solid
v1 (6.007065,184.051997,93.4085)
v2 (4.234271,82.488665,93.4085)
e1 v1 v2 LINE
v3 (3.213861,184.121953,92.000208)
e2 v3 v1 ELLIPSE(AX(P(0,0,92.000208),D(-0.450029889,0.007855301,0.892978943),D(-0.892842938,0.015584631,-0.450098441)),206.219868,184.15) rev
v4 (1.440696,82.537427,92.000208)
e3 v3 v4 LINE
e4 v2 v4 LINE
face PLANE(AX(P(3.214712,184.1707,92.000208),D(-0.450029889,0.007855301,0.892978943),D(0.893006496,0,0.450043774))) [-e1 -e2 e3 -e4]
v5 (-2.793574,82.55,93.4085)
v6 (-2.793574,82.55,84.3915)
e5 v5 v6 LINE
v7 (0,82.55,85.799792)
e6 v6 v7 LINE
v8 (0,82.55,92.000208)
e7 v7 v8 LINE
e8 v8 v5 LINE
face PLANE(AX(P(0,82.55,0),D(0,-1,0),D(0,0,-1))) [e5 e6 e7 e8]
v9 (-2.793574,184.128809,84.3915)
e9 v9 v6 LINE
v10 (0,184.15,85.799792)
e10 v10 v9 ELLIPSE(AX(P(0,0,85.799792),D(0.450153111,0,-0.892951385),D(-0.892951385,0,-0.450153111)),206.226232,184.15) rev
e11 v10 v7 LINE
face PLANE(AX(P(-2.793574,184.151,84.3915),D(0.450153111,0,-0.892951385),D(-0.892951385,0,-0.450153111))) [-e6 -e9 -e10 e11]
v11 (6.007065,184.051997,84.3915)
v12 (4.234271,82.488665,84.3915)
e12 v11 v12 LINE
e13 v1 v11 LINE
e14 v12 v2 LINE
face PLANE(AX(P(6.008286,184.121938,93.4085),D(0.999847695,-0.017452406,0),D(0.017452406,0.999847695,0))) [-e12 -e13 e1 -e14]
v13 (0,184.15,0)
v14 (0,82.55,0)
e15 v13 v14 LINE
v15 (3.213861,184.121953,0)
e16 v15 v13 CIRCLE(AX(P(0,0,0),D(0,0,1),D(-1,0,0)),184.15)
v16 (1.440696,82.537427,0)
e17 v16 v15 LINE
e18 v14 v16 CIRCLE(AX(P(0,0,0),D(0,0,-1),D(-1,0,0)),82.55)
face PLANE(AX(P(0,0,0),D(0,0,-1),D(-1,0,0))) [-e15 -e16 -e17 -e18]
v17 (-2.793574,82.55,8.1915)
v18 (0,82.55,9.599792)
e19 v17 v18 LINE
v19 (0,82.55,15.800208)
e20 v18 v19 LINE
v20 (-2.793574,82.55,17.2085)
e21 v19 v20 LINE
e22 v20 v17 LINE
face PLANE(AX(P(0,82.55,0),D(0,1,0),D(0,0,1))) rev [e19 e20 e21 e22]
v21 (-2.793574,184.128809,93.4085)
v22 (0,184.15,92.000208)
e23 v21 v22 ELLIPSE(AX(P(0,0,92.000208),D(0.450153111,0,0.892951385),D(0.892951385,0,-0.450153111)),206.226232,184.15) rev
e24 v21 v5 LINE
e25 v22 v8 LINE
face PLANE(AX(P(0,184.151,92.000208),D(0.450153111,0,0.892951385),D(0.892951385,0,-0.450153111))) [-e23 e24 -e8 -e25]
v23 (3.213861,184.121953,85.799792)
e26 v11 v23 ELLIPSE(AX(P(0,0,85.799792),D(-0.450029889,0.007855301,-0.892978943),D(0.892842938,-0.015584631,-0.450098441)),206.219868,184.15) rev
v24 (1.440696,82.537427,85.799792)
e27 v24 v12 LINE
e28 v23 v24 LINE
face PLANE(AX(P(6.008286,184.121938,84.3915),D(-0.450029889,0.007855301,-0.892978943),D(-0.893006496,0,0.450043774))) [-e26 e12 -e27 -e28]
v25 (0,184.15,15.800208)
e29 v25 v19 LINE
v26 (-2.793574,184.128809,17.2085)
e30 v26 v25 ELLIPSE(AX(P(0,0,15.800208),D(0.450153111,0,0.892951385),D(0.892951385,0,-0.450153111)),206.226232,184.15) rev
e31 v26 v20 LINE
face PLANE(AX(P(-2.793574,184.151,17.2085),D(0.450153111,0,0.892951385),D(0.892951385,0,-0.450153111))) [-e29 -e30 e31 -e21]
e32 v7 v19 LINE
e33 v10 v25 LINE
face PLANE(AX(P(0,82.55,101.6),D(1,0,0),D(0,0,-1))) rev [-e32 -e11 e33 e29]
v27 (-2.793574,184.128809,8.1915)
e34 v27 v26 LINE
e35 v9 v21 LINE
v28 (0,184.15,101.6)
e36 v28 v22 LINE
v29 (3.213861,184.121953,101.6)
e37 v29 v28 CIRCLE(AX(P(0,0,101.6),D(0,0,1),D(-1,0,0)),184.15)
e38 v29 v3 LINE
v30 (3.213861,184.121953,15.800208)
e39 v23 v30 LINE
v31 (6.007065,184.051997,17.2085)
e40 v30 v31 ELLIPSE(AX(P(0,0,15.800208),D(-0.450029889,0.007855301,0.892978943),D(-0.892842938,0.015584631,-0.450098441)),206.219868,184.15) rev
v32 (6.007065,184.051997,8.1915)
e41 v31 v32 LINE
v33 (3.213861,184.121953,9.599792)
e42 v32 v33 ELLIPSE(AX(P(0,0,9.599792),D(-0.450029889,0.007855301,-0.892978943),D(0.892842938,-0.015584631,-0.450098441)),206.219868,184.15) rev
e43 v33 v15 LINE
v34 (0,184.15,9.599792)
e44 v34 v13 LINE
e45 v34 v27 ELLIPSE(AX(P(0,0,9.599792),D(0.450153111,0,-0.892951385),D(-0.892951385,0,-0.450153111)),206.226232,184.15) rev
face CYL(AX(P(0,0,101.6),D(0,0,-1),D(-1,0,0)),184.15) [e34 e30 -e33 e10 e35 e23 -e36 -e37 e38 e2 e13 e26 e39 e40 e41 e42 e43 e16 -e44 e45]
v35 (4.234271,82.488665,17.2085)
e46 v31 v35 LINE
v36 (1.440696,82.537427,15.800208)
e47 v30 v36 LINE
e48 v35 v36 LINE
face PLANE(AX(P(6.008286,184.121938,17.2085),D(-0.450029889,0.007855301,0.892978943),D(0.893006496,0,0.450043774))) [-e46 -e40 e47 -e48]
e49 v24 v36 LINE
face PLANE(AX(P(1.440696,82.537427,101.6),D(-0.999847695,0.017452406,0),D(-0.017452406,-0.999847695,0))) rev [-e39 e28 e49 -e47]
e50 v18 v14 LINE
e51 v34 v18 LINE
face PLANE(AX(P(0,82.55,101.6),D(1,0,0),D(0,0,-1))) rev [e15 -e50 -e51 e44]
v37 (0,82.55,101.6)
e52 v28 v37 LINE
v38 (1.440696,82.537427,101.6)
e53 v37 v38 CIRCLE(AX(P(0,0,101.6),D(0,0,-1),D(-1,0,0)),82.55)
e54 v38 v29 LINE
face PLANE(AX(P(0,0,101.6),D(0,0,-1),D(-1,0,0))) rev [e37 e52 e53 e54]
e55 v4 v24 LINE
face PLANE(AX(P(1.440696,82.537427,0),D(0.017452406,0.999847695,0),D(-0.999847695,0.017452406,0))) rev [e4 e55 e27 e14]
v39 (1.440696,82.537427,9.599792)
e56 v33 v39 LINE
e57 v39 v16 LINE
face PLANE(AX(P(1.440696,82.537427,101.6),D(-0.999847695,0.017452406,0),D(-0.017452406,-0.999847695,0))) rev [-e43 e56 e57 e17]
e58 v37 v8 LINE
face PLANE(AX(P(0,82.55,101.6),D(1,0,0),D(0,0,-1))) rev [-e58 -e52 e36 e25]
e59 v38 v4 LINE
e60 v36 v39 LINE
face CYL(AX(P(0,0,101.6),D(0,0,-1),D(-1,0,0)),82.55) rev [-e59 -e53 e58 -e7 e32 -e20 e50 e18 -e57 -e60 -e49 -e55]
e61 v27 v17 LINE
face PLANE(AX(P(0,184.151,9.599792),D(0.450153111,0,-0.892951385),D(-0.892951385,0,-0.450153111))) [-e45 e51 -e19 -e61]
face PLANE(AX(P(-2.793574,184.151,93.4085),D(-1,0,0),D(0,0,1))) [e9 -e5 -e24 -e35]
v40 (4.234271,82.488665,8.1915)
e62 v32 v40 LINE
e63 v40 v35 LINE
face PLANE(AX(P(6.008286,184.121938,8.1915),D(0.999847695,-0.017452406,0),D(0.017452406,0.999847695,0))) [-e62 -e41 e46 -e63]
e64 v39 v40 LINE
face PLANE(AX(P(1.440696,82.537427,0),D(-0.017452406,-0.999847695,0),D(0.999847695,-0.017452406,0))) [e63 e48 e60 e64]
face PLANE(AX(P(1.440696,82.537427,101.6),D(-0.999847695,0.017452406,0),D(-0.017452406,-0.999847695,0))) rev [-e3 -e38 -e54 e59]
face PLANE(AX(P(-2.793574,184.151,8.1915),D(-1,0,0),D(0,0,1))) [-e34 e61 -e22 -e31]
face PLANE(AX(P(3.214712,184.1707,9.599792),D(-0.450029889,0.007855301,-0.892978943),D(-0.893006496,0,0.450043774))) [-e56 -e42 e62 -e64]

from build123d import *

# Parameters (mm, degrees)
BOSS_EXTRUDE1_DEPTH      = 101.6
BOSS_EXTRUDE2_REACH      = 145.704
BOSS_EXTRUDE2_END_RADIUS = 184.15
BOSS_EXTRUDE3_REACH      = 145.81
BOSS_EXTRUDE3_END_RADIUS = 184.15


with BuildPart() as part:
    # Sketch1 → Boss-Extrude1 (new body)
    with BuildSketch(Plane.XY):
        with BuildLine():
            Line((0, 82.55), (0, 184.15))
            ThreePointArc((0, 184.15), (1.606991512, 184.142988132), (3.213860645, 184.121953063))
            Line((3.213860645, 184.121953063), (1.440696151, 82.537427235))
            ThreePointArc((1.440696151, 82.537427235), (0.720375505, 82.546856749), (0, 82.55))
        make_face()
    extrude(amount=BOSS_EXTRUDE1_DEPTH)

    # Boss-Extrude2: up to this cylinder (the profile starts inside it)
    boss_extrude2_end = Plane(origin=(0, 0, 50.8), z_dir=(0, 0, -1)) * Cylinder(BOSS_EXTRUDE2_END_RADIUS, 736.908, mode=Mode.PRIVATE)
    # Sketch2 → Boss-Extrude2 (add, up to the surface)
    with BuildSketch(Plane(origin=(1.440696151, 82.537427235, 0), x_dir=(0, 0, -1), z_dir=(-0.017452406437283546, -0.9998476951563914, 0)), mode=Mode.PRIVATE) as boss_extrude2_sk1:
        Polygon((-92.000208065, 0), (-93.4085, 2.794), (-84.3915, 2.794), (-85.799791935, 0), align=None)
    boss_extrude2_tool1 = extrude(boss_extrude2_sk1.sketch, amount=-BOSS_EXTRUDE2_REACH, mode=Mode.PRIVATE) & boss_extrude2_end
    add(boss_extrude2_tool1.solids().sort_by_distance((2.92366, 82.511542, 88.9))[0])
    # Sketch2 → Boss-Extrude2 (add, up to the surface)
    with BuildSketch(Plane(origin=(1.440696151, 82.537427235, 0), x_dir=(0, 0, -1), z_dir=(-0.017452406437283546, -0.9998476951563914, 0)), mode=Mode.PRIVATE) as boss_extrude2_sk2:
        Polygon((-15.800208065, 0), (-9.599791935, 0), (-8.1915, 2.794), (-17.2085, 2.794), align=None)
    boss_extrude2_tool2 = extrude(boss_extrude2_sk2.sketch, amount=-BOSS_EXTRUDE2_REACH, mode=Mode.PRIVATE) & boss_extrude2_end
    add(boss_extrude2_tool2.solids().sort_by_distance((2.92366, 82.511542, 12.7))[0])

    # Boss-Extrude3: up to this cylinder (the profile starts inside it)
    boss_extrude3_end = Plane(origin=(0, 0, 50.8), z_dir=(0, 0, -1)) * Cylinder(BOSS_EXTRUDE3_END_RADIUS, 737.12, mode=Mode.PRIVATE)
    # Sketch3 → Boss-Extrude3 (add, up to the surface)
    with BuildSketch(Plane(origin=(0, 82.55, 0), x_dir=(0, 0, -1), z_dir=(0, -1, 0)), mode=Mode.PRIVATE) as boss_extrude3_sk1:
        Polygon((-92.000208065, 0), (-93.4085, -2.79357446), (-84.3915, -2.79357446), (-85.799791935, 0), align=None)
    boss_extrude3_tool1 = extrude(boss_extrude3_sk1.sketch, amount=-BOSS_EXTRUDE3_REACH, mode=Mode.PRIVATE) & boss_extrude3_end
    add(boss_extrude3_tool1.solids().sort_by_distance((-1.482964, 82.55, 88.9))[0])
    # Sketch3 → Boss-Extrude3 (add, up to the surface)
    with BuildSketch(Plane(origin=(0, 82.55, 0), x_dir=(0, 0, -1), z_dir=(0, -1, 0)), mode=Mode.PRIVATE) as boss_extrude3_sk2:
        Polygon((-15.800208065, 0), (-9.599791935, 0), (-8.1915, -2.79357446), (-17.2085, -2.79357446), align=None)
    boss_extrude3_tool2 = extrude(boss_extrude3_sk2.sketch, amount=-BOSS_EXTRUDE3_REACH, mode=Mode.PRIVATE) & boss_extrude3_end
    add(boss_extrude3_tool2.solids().sort_by_distance((-1.482964, 82.55, 12.7))[0])


solid = part.part
